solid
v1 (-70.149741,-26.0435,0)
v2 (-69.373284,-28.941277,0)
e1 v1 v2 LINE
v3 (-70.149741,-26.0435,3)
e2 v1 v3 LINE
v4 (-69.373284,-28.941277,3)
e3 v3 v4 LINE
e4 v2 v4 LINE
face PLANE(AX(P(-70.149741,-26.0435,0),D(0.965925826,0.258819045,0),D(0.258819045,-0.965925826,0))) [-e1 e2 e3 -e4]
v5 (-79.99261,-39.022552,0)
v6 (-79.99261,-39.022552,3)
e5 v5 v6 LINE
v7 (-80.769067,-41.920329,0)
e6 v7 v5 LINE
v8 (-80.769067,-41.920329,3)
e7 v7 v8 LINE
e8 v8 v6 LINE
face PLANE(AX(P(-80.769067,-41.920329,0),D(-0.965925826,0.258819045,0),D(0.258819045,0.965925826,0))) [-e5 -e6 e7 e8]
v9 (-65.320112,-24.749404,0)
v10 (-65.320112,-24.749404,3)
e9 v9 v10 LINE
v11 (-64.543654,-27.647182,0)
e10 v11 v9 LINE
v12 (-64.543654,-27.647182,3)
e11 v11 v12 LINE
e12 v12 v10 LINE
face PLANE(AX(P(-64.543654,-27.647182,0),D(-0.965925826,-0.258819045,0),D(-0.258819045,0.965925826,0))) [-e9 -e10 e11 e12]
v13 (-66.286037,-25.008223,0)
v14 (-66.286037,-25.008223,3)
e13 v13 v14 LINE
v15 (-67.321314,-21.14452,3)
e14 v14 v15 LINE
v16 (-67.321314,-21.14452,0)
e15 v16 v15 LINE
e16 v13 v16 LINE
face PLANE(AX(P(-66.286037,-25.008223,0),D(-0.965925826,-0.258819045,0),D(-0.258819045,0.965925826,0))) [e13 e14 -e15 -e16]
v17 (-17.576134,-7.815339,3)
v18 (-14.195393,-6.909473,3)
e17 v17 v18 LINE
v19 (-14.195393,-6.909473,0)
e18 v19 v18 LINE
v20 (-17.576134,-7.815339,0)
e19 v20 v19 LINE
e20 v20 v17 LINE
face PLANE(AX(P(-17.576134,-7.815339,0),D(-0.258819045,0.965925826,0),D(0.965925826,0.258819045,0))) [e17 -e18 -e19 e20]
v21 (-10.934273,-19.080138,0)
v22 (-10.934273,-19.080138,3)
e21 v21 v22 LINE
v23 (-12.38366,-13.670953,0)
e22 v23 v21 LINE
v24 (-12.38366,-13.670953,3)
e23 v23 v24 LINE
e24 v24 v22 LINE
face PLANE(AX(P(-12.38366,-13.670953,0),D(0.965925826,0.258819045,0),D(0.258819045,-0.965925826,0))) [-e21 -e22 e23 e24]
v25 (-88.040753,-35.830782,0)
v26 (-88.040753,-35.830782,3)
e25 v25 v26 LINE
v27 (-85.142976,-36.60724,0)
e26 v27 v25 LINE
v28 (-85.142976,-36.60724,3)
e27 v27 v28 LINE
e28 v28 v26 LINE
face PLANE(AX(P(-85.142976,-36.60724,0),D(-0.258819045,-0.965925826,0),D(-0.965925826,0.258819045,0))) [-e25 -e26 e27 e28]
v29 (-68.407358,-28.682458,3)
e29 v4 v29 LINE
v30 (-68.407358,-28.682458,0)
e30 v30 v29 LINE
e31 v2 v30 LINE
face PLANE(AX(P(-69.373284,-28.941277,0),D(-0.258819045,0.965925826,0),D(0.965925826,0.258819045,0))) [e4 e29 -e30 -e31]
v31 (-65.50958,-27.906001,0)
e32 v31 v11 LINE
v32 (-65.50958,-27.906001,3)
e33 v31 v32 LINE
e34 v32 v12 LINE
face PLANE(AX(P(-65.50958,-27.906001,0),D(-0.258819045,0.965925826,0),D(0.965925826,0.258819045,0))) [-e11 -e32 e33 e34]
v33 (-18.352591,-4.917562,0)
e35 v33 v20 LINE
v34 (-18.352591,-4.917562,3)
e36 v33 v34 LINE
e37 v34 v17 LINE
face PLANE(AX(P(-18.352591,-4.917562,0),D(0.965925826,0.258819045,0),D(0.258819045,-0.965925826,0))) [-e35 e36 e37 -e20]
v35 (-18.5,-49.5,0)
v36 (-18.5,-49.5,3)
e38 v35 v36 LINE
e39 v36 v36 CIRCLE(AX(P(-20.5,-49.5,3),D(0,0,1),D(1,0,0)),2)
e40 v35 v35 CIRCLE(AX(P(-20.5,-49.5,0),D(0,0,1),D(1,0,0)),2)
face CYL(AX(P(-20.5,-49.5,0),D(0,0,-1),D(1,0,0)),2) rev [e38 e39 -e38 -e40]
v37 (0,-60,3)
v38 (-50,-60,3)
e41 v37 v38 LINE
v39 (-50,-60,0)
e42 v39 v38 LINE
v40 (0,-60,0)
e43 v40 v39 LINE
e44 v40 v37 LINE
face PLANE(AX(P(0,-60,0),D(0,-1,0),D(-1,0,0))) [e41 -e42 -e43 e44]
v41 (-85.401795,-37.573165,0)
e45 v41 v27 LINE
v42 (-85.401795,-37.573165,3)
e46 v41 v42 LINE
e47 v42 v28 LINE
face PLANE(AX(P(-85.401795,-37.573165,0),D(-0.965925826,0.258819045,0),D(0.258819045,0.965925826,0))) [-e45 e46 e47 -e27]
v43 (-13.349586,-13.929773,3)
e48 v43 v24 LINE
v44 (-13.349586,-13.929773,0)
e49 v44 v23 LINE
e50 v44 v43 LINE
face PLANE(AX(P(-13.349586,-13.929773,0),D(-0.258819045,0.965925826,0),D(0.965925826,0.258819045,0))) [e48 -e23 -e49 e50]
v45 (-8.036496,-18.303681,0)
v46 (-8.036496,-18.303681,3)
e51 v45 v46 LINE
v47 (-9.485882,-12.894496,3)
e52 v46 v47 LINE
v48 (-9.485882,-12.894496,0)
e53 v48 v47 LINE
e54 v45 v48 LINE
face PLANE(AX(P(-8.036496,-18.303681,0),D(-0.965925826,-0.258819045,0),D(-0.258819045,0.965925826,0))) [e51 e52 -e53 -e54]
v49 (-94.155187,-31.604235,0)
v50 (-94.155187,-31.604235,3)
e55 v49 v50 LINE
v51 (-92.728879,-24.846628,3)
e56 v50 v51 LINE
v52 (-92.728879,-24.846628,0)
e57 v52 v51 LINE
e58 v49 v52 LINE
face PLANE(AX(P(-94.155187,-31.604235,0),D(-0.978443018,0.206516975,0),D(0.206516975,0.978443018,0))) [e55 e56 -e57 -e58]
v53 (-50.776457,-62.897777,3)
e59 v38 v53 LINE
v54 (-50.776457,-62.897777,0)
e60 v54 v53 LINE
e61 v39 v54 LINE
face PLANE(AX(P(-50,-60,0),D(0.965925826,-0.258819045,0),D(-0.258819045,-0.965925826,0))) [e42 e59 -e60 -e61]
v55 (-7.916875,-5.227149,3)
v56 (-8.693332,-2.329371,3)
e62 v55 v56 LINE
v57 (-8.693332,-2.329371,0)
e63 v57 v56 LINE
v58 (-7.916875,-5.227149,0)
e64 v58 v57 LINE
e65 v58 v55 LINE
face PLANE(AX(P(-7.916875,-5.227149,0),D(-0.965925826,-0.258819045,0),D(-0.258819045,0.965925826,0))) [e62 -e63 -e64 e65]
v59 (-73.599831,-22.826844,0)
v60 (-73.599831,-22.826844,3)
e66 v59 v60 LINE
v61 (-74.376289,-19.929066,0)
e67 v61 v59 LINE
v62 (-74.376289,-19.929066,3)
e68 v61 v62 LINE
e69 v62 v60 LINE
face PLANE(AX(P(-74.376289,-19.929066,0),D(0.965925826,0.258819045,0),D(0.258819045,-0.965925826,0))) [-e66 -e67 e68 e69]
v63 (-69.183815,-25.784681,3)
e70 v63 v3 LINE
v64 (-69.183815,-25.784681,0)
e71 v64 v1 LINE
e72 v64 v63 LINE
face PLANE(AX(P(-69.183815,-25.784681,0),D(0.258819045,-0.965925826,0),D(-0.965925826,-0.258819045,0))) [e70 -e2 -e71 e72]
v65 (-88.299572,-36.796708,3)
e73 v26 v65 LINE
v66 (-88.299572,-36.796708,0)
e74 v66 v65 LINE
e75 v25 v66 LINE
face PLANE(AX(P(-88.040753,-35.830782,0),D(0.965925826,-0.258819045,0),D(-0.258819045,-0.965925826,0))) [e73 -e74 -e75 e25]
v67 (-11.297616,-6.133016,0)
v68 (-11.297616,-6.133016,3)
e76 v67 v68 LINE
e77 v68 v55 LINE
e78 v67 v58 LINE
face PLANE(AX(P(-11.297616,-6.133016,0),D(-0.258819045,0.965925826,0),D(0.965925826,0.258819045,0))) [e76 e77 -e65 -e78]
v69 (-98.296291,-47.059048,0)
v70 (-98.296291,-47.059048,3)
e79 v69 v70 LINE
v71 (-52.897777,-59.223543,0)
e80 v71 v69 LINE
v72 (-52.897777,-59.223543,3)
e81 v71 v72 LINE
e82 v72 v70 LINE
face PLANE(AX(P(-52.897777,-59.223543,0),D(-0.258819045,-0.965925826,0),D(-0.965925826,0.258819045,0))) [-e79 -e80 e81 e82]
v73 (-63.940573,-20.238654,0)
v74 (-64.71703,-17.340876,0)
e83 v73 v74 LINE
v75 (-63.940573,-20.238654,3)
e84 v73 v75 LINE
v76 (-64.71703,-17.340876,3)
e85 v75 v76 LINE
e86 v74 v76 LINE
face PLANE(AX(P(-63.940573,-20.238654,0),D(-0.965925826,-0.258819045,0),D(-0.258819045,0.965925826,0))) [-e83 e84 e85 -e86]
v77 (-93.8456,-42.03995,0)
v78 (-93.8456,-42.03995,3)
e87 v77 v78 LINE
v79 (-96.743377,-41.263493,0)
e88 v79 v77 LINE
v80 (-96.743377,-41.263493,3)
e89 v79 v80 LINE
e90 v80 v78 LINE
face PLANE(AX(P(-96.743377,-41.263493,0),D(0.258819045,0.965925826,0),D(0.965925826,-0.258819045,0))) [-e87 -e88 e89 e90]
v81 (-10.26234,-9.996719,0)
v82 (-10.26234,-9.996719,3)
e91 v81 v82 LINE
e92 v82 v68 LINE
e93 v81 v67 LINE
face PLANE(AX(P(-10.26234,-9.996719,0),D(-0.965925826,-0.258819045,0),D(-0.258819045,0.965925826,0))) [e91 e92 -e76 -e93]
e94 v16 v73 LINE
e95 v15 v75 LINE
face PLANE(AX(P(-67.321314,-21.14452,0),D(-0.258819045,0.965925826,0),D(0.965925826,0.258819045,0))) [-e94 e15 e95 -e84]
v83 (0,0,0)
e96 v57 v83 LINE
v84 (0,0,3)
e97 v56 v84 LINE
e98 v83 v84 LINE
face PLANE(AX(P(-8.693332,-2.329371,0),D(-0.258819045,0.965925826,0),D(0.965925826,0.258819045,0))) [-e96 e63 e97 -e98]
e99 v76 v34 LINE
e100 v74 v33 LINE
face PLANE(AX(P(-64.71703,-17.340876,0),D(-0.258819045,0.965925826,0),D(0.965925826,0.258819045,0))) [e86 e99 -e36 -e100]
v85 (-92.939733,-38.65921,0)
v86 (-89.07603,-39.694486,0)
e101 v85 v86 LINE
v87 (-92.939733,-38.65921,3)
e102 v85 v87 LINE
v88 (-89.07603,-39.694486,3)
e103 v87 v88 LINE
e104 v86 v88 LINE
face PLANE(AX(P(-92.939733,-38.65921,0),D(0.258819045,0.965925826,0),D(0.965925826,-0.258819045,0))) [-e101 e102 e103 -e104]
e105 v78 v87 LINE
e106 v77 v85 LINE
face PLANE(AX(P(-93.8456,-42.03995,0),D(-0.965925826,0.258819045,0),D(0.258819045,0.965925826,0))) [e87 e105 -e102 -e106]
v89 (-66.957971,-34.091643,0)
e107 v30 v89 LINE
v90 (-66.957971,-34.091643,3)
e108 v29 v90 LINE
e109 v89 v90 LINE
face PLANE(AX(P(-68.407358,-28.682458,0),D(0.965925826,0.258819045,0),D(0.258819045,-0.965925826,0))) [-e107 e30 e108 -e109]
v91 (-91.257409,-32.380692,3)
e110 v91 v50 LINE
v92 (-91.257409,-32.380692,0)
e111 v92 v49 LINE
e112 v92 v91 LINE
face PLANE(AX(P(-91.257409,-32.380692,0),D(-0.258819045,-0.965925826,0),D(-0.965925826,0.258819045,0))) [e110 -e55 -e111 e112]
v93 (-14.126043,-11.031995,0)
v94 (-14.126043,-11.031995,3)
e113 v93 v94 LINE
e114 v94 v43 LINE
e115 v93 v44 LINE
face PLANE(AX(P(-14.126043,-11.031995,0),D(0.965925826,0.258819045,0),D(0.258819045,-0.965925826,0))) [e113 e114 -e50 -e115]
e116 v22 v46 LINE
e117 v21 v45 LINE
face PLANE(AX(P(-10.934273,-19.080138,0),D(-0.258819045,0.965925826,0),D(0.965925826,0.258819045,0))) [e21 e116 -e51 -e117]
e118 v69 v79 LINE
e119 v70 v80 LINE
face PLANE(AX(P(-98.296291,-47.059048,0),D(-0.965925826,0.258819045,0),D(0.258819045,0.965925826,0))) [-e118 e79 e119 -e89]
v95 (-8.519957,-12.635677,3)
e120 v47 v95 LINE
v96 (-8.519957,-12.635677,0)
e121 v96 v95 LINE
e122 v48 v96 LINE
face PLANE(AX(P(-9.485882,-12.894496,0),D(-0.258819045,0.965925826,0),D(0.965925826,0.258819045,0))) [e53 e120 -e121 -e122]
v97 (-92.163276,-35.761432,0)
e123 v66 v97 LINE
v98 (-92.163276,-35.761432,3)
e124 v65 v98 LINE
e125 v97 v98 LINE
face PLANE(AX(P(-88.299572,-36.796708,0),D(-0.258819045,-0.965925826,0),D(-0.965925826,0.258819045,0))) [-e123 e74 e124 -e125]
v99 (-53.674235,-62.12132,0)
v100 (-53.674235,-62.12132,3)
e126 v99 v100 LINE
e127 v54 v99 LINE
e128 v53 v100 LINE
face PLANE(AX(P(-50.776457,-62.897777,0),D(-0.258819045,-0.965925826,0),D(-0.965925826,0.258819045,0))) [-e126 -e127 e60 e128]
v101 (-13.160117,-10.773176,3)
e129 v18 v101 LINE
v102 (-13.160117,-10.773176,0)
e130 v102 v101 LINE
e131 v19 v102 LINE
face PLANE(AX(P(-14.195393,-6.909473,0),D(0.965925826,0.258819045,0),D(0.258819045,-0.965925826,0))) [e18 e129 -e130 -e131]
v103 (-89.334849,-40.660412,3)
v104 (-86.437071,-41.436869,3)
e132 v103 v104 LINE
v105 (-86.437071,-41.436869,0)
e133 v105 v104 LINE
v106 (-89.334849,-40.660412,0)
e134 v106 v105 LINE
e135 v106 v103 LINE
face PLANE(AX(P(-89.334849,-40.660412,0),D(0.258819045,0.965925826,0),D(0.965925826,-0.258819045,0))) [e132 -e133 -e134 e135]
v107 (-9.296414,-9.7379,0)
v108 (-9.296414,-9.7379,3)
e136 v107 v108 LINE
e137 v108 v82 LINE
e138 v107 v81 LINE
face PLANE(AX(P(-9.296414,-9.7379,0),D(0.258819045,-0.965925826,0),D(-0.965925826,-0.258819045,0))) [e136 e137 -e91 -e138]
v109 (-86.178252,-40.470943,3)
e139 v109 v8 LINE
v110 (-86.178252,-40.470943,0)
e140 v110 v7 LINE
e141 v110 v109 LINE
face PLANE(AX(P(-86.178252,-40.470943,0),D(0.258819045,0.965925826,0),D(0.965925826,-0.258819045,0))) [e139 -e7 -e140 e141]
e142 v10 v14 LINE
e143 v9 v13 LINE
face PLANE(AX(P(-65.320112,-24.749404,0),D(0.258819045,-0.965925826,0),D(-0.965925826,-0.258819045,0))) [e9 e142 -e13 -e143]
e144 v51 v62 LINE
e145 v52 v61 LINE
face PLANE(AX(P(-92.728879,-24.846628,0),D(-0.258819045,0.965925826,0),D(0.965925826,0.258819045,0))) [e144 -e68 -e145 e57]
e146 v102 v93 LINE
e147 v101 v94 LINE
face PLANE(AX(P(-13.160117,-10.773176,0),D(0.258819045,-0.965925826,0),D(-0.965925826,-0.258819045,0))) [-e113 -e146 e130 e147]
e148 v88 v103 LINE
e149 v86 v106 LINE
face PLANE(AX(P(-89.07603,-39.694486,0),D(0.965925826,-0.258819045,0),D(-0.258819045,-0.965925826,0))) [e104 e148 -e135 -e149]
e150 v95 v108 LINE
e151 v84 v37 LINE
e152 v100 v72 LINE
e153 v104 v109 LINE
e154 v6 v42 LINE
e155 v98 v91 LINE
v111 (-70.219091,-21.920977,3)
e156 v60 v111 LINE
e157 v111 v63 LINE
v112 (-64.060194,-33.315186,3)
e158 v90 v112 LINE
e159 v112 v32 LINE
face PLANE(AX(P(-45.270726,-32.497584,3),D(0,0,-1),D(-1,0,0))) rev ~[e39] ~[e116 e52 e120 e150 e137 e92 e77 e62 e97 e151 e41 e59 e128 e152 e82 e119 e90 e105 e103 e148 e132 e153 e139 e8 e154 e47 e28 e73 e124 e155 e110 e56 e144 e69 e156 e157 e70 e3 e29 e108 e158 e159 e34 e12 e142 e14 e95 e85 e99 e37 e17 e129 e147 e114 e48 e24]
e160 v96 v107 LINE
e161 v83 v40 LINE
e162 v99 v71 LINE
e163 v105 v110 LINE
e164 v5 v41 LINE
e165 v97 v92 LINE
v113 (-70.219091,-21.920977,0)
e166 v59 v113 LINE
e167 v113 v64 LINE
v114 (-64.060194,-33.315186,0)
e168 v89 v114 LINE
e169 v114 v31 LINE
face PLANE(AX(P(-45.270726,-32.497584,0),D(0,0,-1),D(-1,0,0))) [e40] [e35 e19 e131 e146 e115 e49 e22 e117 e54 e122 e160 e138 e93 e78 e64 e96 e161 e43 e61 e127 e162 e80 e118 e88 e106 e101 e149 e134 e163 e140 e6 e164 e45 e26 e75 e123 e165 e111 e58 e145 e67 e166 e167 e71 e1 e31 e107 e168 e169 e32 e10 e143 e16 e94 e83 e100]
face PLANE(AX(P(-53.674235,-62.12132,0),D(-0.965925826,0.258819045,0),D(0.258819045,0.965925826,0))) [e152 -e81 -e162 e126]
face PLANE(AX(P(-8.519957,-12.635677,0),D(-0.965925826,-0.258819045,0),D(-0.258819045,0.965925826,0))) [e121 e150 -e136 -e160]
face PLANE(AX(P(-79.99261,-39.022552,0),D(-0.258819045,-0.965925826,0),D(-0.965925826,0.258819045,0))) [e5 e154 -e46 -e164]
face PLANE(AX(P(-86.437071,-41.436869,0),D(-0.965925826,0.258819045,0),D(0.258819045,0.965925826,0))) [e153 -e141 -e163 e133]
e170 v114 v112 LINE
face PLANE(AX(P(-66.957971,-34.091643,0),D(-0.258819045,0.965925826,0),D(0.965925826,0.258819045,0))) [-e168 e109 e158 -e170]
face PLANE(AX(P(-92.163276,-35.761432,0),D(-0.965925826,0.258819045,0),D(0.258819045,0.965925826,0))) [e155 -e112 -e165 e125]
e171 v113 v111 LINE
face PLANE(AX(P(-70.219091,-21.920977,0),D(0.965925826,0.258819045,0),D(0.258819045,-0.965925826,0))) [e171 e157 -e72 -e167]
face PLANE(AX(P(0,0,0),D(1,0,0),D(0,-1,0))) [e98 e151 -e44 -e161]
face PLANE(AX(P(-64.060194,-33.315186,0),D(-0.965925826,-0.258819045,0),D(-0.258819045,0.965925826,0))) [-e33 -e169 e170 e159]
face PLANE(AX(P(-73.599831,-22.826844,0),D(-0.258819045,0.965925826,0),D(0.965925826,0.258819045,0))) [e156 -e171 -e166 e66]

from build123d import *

# Parameters (mm, degrees)
SKETCH_1_R      = 2
EXTRUDE_1_DEPTH = 3


with BuildPart() as part:
    # 草图1 → 凸台-拉伸1 (new body)
    with BuildSketch(Plane.XY):
        Polygon((0, 0), (0, -60), (-50, -60), (-50.776457135, -62.897777479), (-53.674234614, -62.121320344), (-52.897777479, -59.223542865), (-98.296291314, -47.059047745), (-96.743377044, -41.263492787), (-93.845599565, -42.039949922), (-92.939732907, -38.65920953), (-89.076029602, -39.694485711), (-89.334848647, -40.660411537), (-86.437071168, -41.436868672), (-86.178252123, -40.470942846), (-80.769067496, -41.920329499), (-79.992610361, -39.02255202), (-85.401794988, -37.573165367), (-85.142975943, -36.607239541), (-88.040753422, -35.830782406), (-88.299572467, -36.796708232), (-92.163275772, -35.761432052), (-91.257409114, -32.38069166), (-94.155186593, -31.604234524), (-92.728879324, -24.84662833), (-74.376288624, -19.929066473), (-73.599831489, -22.826843952), (-70.219091097, -21.920977294), (-69.183814917, -25.784680599), (-70.149740743, -26.043499644), (-69.373283608, -28.941277123), (-68.407357781, -28.682458078), (-66.957971129, -34.091642705), (-64.06019365, -33.31518557), (-65.509580302, -27.906000943), (-64.543654476, -27.647181898), (-65.320111611, -24.749404419), (-66.286037438, -25.008223464), (-67.321313618, -21.144520159), (-63.940573226, -20.238653501), (-64.717030361, -17.340876022), (-18.352590699, -4.917561857), (-17.576133564, -7.815339336), (-14.195393172, -6.909472678), (-13.160116992, -10.773175983), (-14.126042818, -11.031995028), (-13.349585683, -13.929772507), (-12.383659856, -13.670953462), (-10.934273204, -19.080138089), (-8.036495725, -18.303680954), (-9.485882378, -12.894496327), (-8.519956551, -12.635677282), (-9.296413687, -9.737899803), (-10.262339513, -9.996718848), (-11.297615693, -6.133015543), (-7.916875301, -5.227148885), (-8.693332437, -2.329371406), align=None)
        with Locations((-20.5, -49.5)):
            Circle(SKETCH_1_R, mode=Mode.SUBTRACT)
    extrude(amount=EXTRUDE_1_DEPTH)


solid = part.part
